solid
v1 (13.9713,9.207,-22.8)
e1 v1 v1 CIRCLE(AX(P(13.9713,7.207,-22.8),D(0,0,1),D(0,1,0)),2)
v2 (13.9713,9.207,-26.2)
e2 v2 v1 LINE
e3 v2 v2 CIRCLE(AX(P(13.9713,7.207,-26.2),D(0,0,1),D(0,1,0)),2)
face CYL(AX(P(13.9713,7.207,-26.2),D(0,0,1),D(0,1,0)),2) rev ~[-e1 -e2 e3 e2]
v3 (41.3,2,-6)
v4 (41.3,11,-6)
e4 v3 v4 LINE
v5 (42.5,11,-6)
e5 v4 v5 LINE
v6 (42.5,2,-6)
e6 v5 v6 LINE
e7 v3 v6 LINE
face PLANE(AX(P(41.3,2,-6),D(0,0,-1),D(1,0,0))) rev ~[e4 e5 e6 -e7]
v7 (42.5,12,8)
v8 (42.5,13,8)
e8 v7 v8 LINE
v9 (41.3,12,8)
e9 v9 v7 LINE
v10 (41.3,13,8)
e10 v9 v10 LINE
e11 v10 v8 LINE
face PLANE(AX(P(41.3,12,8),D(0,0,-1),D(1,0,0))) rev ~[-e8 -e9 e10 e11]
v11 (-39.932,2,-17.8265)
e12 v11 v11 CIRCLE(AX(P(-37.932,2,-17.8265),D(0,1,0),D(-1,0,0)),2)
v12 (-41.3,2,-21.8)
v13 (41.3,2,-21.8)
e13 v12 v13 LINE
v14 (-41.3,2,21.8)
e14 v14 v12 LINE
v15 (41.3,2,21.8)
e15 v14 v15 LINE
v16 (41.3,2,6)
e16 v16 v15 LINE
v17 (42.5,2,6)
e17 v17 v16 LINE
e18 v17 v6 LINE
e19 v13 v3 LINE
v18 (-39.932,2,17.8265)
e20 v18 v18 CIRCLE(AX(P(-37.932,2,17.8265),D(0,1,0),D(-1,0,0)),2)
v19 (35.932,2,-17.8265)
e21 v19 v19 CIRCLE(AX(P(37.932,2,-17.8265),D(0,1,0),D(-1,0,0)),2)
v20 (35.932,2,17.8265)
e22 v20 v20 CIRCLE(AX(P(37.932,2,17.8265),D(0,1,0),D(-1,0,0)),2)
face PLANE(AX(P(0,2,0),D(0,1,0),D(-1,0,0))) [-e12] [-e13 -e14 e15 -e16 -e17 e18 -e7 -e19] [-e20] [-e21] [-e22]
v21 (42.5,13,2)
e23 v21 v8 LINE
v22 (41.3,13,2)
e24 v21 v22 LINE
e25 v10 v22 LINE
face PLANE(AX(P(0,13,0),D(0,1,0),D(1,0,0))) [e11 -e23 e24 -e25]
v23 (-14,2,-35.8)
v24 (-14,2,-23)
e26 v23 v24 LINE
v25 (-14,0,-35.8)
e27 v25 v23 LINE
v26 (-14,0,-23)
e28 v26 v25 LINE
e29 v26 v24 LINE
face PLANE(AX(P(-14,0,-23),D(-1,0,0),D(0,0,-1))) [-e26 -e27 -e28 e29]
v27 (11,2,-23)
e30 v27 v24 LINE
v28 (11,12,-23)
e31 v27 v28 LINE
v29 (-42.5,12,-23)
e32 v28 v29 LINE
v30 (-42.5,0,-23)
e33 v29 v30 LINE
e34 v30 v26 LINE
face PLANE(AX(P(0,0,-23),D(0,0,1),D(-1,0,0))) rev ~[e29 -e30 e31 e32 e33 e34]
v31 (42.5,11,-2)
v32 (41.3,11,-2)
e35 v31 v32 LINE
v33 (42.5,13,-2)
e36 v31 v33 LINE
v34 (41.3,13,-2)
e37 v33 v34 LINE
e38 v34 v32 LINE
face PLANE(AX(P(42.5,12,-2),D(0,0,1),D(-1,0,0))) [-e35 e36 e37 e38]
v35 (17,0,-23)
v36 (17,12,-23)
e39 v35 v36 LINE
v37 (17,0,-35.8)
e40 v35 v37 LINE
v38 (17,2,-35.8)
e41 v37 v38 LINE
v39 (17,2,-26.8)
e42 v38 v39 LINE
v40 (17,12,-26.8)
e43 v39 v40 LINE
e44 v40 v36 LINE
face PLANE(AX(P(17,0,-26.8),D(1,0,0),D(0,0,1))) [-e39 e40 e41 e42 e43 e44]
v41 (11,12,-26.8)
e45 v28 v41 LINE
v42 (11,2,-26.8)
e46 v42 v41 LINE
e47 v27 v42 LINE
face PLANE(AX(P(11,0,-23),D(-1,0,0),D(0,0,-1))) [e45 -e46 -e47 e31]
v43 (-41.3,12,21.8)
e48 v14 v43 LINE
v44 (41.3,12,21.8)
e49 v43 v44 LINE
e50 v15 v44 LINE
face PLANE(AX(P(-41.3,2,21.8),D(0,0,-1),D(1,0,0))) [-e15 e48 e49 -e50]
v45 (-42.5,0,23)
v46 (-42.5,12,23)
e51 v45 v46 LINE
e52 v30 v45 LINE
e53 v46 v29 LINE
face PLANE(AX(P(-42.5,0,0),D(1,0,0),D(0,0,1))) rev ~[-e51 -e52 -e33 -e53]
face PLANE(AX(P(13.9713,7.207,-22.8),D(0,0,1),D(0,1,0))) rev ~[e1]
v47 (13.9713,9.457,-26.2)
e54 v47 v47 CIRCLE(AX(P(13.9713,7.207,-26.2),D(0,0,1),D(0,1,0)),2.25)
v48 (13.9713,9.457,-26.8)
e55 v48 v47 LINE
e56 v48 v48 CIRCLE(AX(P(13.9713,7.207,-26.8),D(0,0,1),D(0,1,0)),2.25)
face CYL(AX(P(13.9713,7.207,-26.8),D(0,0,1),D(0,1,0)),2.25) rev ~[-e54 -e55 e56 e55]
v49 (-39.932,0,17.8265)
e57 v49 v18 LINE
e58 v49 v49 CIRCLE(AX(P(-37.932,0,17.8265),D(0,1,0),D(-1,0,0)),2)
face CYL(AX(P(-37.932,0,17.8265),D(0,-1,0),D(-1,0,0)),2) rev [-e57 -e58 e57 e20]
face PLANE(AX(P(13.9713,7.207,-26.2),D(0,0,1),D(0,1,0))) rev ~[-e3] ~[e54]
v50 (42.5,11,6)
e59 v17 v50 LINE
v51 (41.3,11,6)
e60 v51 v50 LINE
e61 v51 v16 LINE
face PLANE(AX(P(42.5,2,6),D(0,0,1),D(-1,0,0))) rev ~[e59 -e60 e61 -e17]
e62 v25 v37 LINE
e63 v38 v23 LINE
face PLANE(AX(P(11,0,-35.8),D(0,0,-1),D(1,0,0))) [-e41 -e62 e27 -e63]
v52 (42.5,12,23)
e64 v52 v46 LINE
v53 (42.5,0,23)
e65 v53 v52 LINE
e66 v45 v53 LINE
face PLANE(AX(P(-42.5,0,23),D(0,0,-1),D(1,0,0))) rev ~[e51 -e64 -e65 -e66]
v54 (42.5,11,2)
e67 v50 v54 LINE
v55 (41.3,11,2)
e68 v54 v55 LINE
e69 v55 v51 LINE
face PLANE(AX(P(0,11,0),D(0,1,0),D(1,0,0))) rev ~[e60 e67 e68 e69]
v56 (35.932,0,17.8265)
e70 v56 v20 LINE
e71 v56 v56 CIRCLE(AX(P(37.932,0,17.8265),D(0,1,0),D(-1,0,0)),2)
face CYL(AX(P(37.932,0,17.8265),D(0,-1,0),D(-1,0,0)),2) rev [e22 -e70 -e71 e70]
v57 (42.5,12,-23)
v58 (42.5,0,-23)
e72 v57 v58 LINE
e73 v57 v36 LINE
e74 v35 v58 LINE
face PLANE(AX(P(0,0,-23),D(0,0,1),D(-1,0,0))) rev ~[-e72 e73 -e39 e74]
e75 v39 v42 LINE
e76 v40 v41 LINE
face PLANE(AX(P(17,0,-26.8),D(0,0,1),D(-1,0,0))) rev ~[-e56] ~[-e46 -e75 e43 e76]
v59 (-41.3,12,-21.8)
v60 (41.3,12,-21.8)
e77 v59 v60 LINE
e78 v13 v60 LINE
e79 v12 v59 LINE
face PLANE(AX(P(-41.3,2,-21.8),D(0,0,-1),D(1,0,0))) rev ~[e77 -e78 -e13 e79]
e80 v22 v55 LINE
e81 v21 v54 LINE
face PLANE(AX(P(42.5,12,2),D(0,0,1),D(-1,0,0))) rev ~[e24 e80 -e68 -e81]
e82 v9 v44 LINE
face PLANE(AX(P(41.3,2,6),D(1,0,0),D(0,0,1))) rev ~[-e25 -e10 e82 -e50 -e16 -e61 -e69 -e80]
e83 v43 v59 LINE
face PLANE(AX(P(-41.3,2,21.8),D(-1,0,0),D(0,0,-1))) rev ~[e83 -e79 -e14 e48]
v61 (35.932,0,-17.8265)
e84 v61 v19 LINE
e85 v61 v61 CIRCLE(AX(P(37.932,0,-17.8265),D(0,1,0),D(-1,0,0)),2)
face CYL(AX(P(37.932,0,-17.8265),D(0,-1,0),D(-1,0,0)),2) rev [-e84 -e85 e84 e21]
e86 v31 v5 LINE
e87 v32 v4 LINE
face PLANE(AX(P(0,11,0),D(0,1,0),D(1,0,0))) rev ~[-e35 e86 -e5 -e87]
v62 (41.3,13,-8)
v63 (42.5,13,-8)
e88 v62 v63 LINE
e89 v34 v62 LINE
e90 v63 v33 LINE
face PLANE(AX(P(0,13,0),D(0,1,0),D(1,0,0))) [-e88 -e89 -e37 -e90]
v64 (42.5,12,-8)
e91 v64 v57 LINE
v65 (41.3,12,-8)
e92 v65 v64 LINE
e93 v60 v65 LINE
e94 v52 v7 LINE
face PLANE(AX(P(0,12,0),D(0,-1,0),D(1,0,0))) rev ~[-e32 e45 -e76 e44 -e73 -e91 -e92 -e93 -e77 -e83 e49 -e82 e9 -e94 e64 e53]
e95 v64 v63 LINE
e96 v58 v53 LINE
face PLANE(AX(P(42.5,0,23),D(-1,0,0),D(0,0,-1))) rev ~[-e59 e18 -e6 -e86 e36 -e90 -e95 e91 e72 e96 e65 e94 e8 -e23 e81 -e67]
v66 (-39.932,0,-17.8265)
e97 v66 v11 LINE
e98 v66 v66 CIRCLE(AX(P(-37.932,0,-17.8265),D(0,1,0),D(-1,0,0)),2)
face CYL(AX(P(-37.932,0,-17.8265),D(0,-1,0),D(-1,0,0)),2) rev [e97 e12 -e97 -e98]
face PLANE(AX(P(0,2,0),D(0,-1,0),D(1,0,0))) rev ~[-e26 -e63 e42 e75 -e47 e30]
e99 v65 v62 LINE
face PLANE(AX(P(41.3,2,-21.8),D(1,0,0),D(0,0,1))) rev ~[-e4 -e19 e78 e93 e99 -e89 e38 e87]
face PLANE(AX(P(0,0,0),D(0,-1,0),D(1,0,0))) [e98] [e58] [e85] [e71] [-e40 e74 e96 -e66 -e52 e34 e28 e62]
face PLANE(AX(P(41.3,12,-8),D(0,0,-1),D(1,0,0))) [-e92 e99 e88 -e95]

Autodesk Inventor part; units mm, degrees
ref_plane "YZ Plane" through (0, 0, 0) normal (1, 0, 0) x (0, 1, 0)
ref_plane "XZ Plane" through (0, 0, 0) normal (0, 1, 0) x (-1, 0, 0)
ref_plane "XY Plane" through (0, 0, 0) normal (0, 0, 1) x (1, 0, 0)
sketch "Szkic2" plane through (0, 0, 0) normal (0, 1, 0) x (-1, 0, 0)
  line L0 (42.5, 23) -> (-42.5, 23)
  line L1 (-42.5, 23) -> (-42.5, -23)
  line L2 (-42.5, -23) -> (42.5, -23)
  line L3 (42.5, -23) -> (42.5, 23)
  line L4 (0, 91.0722) -> (0, -100.1143)
  line L5 (-78.4738, 0) -> (170.7955, 0)
  circle A0 centre (37.932, 17.8265) radius 2
  circle A1 centre (37.932, -17.8265) radius 2
  circle A2 centre (-37.932, 17.8265) radius 2
  circle A3 centre (-37.932, -17.8265) radius 2
  point P0 (0, 0)
  dimension "d7" = 46
  dimension "d8" = 85
  dimension "d14" = 4
  dimension "d16" = 35.653
  dimension "d18" = 23
  dimension "d21" = 75.864
  dimension "d22" = 42.5
extrude "Wyciągnięcie proste2" add sketch "Szkic2" along normal blind 2
sketch "Szkic3" plane through (0, 2, 0) normal (0, 1, 0) x (1, 0, 0)
  line L0 (-42.5, -23) -> (42.5, -23) projected
  line L1 (42.5, -23) -> (42.5, 23) projected
  line L2 (41.3, -23) -> (42.5, -23)
  line L3 (42.5, -23) -> (42.5, 23)
  line L4 (42.5, 23) -> (41.3, 23)
  line L5 (41.3, 23) -> (41.3, -23)
  line L6 (-42.5, 23) -> (-42.5, -23) projected
  line L7 (42.5, -23) -> (-42.5, -23)
  line L8 (-42.5, -23) -> (-42.5, -21.8)
  line L9 (-42.5, -21.8) -> (42.5, -21.8)
  line L10 (42.5, -21.8) -> (42.5, -23)
  line L11 (42.5, 23) -> (-42.5, 23)
  line L12 (-42.5, 23) -> (-42.5, 21.8)
  line L13 (-42.5, 21.8) -> (42.5, 21.8)
  line L14 (42.5, 21.8) -> (42.5, 23)
  line L15 (42.5, 23) -> (-42.5, 23) projected
  line L16 (-42.5, -23) -> (-41.3, -23)
  line L17 (-41.3, -23) -> (-41.3, 23)
  line L18 (-41.3, 23) -> (-42.5, 23)
  line L19 (-42.5, 23) -> (-42.5, -23)
  line L20 (42.5, -6) -> (41.3, -6)
  line L21 (41.3, -6) -> (41.3, 6)
  line L22 (41.3, 6) -> (42.5, 6)
  line L23 (36.3786, 0) -> (45.7918, 0)
  point P0 (0, 0)
  point P1 (41.3, -21.8)
  point P2 (-41.3, -21.8)
  point P3 (-41.3, 21.8)
  point P4 (41.3, 21.8)
  dimension "d25" = 1.2
  dimension "d26" = 1.2
  dimension "d27" = 1.2
  dimension "d28" = 1.2
  dimension "d29" = 12
  dimension "d30" = 6
extrude "Wyciągnięcie proste3" add sketch "Szkic3" along normal blind 10 contours L6 L9 L17 L0 | L17 L9 L5 L0 | L6 L13 L17 L9 | L5 L9 L1 L0 | L6 L11 L17 L13 | L5 L20 L1 L9 | L17 L11 L5 L13 | L13 L1 L22 L5 | L5 L4 L1 L13
sketch "Szkic5" plane through (0, 12, 0) normal (0, 1, 0) x (1, 0, 0)
  line L0 (41.3, -6) -> (41.3, -21.8) projected
  line L1 (42.5, -6) -> (42.5, 6) projected
  line L2 (41.3, -8) -> (42.5, -8)
  line L3 (42.5, -8) -> (42.5, -2)
  line L4 (42.5, -2) -> (41.3, -2)
  line L5 (41.3, -2) -> (41.3, -8)
  line L6 (34.6755, 0) -> (49.4443, 0)
  line L7 (40.0187, -6) -> (43.7777, -6)
  line L8 (41.3, 8) -> (42.5, 8)
  line L9 (42.5, 8) -> (42.5, 2)
  line L10 (42.5, 2) -> (41.3, 2)
  line L11 (41.3, 2) -> (41.3, 8)
  line L12 (40.0187, 6) -> (43.7777, 6)
  point P0 (0, 0)
  point P1 (41.3, 6)
  dimension "d33" = 6
  dimension "d34" = 2
extrude "Wyciągnięcie proste4" add sketch "Szkic5" along normal blind 1 contours L7 L3 L2 L0 | L12 L11 L8 L9
extrude "Wyciągnięcie proste5" add sketch "Szkic5" along normal mid plane 2 contours L10 L11 L12 L1 | L5 L4 L1 L7
sketch "Szkic6" plane through (42.5, 0, -23) normal (0, 0, -1) x (-1, 0, 0)
  line L0 (83.8, 12) -> (1.2, 12) projected
  line L1 (26, 12) -> (26, 0)
  line L2 (31.5, 12) -> (31.5, 0)
  line L3 (53.5, 12) -> (53.5, 0)
  line L4 (0, 0) -> (85, 0) projected
  line L5 (56.5, 12) -> (56.5, 0)
  line L6 (0, 0) -> (0, 12) projected
  circle A0 centre (28.6456, 7.207) radius 1.5875
  line L7 (1.2, 2) -> (83.8, 2) projected
  line L8 (26, 2) -> (56.5, 2)
  point P0 (42.5, 0)
  dimension "d39" = 5.5
  dimension "d40" = 22
  dimension "d41" = 3
  dimension "d42" = 31.5
  dimension "d43" = 3.175
  dimension "d55" = 5.207
sketch "Szkic8" plane through (0, 0, 0) normal (0, -1, 0) x (1, 0, 0)
  line L0 (42.5, -23) -> (-42.5, -23) projected
  line L1 (20.6822, -23) -> (-15.9857, -23)
  line L2 (-15.9857, -23) -> (-15.9857, -42.1071)
  line L3 (-15.9857, -42.1071) -> (20.6822, -42.1071)
  line L4 (20.6822, -42.1071) -> (20.6822, -23)
  line L5 (17, -23) -> (11, -23)
  line L6 (11, -23) -> (11, -35.8)
  line L7 (11, -35.8) -> (17, -35.8)
  line L8 (17, -35.8) -> (17, -23)
  line L9 (11, -23) -> (-11, -23)
  line L10 (-11, -23) -> (-11, -35.8)
  line L11 (-11, -35.8) -> (11, -35.8)
  line L12 (11, -35.8) -> (11, -23)
  line L13 (-11, -23) -> (-14, -23)
  line L14 (-14, -23) -> (-14, -35.8)
  line L15 (-14, -35.8) -> (-11, -35.8)
  line L16 (-11, -35.8) -> (-11, -23)
  line L17 (17, -26.8) -> (-14, -26.8)
  point P0 (0, 0)
  point P1 (11, -26.8)
  point P2 (-14, -23)
  point P3 (17, -23)
  dimension "d45" = 6
  dimension "d46" = 22
  dimension "d47" = 3
  dimension "d48" = 31.5
  dimension "d49" = 3.8
  dimension "d50" = 9
extrude "Wyciągnięcie proste6" add sketch "Szkic8" against normal blind 2 contours L6 L17 L10 L0 | L8 L7 L6 L17 | L10 L17 L14 L0 | L6 L11 L10 L17 | L10 L15 L14 L17
extrude "Wyciągnięcie proste7" add sketch "Szkic8" against normal blind 12 contours L8 L17 L6 L0
sketch "Szkic9" plane through (17, 2, -26.8) normal (0, 0, -1) x (-1, 0, 0)
  circle A0 centre (3.0287, 5.207) radius 1.4322
  line L0 (0, 0) -> (31, 0) projected
  point P0 (17, -2)
  dimension "d63" = 5.207
hole "Otwór2" at (13.9713, 7.207, -26.8) direction (0, 0, 1) diameter 4 depth 4 counterbore diameter 4.5 counterbore depth 0.6
properties part number "prent1"
